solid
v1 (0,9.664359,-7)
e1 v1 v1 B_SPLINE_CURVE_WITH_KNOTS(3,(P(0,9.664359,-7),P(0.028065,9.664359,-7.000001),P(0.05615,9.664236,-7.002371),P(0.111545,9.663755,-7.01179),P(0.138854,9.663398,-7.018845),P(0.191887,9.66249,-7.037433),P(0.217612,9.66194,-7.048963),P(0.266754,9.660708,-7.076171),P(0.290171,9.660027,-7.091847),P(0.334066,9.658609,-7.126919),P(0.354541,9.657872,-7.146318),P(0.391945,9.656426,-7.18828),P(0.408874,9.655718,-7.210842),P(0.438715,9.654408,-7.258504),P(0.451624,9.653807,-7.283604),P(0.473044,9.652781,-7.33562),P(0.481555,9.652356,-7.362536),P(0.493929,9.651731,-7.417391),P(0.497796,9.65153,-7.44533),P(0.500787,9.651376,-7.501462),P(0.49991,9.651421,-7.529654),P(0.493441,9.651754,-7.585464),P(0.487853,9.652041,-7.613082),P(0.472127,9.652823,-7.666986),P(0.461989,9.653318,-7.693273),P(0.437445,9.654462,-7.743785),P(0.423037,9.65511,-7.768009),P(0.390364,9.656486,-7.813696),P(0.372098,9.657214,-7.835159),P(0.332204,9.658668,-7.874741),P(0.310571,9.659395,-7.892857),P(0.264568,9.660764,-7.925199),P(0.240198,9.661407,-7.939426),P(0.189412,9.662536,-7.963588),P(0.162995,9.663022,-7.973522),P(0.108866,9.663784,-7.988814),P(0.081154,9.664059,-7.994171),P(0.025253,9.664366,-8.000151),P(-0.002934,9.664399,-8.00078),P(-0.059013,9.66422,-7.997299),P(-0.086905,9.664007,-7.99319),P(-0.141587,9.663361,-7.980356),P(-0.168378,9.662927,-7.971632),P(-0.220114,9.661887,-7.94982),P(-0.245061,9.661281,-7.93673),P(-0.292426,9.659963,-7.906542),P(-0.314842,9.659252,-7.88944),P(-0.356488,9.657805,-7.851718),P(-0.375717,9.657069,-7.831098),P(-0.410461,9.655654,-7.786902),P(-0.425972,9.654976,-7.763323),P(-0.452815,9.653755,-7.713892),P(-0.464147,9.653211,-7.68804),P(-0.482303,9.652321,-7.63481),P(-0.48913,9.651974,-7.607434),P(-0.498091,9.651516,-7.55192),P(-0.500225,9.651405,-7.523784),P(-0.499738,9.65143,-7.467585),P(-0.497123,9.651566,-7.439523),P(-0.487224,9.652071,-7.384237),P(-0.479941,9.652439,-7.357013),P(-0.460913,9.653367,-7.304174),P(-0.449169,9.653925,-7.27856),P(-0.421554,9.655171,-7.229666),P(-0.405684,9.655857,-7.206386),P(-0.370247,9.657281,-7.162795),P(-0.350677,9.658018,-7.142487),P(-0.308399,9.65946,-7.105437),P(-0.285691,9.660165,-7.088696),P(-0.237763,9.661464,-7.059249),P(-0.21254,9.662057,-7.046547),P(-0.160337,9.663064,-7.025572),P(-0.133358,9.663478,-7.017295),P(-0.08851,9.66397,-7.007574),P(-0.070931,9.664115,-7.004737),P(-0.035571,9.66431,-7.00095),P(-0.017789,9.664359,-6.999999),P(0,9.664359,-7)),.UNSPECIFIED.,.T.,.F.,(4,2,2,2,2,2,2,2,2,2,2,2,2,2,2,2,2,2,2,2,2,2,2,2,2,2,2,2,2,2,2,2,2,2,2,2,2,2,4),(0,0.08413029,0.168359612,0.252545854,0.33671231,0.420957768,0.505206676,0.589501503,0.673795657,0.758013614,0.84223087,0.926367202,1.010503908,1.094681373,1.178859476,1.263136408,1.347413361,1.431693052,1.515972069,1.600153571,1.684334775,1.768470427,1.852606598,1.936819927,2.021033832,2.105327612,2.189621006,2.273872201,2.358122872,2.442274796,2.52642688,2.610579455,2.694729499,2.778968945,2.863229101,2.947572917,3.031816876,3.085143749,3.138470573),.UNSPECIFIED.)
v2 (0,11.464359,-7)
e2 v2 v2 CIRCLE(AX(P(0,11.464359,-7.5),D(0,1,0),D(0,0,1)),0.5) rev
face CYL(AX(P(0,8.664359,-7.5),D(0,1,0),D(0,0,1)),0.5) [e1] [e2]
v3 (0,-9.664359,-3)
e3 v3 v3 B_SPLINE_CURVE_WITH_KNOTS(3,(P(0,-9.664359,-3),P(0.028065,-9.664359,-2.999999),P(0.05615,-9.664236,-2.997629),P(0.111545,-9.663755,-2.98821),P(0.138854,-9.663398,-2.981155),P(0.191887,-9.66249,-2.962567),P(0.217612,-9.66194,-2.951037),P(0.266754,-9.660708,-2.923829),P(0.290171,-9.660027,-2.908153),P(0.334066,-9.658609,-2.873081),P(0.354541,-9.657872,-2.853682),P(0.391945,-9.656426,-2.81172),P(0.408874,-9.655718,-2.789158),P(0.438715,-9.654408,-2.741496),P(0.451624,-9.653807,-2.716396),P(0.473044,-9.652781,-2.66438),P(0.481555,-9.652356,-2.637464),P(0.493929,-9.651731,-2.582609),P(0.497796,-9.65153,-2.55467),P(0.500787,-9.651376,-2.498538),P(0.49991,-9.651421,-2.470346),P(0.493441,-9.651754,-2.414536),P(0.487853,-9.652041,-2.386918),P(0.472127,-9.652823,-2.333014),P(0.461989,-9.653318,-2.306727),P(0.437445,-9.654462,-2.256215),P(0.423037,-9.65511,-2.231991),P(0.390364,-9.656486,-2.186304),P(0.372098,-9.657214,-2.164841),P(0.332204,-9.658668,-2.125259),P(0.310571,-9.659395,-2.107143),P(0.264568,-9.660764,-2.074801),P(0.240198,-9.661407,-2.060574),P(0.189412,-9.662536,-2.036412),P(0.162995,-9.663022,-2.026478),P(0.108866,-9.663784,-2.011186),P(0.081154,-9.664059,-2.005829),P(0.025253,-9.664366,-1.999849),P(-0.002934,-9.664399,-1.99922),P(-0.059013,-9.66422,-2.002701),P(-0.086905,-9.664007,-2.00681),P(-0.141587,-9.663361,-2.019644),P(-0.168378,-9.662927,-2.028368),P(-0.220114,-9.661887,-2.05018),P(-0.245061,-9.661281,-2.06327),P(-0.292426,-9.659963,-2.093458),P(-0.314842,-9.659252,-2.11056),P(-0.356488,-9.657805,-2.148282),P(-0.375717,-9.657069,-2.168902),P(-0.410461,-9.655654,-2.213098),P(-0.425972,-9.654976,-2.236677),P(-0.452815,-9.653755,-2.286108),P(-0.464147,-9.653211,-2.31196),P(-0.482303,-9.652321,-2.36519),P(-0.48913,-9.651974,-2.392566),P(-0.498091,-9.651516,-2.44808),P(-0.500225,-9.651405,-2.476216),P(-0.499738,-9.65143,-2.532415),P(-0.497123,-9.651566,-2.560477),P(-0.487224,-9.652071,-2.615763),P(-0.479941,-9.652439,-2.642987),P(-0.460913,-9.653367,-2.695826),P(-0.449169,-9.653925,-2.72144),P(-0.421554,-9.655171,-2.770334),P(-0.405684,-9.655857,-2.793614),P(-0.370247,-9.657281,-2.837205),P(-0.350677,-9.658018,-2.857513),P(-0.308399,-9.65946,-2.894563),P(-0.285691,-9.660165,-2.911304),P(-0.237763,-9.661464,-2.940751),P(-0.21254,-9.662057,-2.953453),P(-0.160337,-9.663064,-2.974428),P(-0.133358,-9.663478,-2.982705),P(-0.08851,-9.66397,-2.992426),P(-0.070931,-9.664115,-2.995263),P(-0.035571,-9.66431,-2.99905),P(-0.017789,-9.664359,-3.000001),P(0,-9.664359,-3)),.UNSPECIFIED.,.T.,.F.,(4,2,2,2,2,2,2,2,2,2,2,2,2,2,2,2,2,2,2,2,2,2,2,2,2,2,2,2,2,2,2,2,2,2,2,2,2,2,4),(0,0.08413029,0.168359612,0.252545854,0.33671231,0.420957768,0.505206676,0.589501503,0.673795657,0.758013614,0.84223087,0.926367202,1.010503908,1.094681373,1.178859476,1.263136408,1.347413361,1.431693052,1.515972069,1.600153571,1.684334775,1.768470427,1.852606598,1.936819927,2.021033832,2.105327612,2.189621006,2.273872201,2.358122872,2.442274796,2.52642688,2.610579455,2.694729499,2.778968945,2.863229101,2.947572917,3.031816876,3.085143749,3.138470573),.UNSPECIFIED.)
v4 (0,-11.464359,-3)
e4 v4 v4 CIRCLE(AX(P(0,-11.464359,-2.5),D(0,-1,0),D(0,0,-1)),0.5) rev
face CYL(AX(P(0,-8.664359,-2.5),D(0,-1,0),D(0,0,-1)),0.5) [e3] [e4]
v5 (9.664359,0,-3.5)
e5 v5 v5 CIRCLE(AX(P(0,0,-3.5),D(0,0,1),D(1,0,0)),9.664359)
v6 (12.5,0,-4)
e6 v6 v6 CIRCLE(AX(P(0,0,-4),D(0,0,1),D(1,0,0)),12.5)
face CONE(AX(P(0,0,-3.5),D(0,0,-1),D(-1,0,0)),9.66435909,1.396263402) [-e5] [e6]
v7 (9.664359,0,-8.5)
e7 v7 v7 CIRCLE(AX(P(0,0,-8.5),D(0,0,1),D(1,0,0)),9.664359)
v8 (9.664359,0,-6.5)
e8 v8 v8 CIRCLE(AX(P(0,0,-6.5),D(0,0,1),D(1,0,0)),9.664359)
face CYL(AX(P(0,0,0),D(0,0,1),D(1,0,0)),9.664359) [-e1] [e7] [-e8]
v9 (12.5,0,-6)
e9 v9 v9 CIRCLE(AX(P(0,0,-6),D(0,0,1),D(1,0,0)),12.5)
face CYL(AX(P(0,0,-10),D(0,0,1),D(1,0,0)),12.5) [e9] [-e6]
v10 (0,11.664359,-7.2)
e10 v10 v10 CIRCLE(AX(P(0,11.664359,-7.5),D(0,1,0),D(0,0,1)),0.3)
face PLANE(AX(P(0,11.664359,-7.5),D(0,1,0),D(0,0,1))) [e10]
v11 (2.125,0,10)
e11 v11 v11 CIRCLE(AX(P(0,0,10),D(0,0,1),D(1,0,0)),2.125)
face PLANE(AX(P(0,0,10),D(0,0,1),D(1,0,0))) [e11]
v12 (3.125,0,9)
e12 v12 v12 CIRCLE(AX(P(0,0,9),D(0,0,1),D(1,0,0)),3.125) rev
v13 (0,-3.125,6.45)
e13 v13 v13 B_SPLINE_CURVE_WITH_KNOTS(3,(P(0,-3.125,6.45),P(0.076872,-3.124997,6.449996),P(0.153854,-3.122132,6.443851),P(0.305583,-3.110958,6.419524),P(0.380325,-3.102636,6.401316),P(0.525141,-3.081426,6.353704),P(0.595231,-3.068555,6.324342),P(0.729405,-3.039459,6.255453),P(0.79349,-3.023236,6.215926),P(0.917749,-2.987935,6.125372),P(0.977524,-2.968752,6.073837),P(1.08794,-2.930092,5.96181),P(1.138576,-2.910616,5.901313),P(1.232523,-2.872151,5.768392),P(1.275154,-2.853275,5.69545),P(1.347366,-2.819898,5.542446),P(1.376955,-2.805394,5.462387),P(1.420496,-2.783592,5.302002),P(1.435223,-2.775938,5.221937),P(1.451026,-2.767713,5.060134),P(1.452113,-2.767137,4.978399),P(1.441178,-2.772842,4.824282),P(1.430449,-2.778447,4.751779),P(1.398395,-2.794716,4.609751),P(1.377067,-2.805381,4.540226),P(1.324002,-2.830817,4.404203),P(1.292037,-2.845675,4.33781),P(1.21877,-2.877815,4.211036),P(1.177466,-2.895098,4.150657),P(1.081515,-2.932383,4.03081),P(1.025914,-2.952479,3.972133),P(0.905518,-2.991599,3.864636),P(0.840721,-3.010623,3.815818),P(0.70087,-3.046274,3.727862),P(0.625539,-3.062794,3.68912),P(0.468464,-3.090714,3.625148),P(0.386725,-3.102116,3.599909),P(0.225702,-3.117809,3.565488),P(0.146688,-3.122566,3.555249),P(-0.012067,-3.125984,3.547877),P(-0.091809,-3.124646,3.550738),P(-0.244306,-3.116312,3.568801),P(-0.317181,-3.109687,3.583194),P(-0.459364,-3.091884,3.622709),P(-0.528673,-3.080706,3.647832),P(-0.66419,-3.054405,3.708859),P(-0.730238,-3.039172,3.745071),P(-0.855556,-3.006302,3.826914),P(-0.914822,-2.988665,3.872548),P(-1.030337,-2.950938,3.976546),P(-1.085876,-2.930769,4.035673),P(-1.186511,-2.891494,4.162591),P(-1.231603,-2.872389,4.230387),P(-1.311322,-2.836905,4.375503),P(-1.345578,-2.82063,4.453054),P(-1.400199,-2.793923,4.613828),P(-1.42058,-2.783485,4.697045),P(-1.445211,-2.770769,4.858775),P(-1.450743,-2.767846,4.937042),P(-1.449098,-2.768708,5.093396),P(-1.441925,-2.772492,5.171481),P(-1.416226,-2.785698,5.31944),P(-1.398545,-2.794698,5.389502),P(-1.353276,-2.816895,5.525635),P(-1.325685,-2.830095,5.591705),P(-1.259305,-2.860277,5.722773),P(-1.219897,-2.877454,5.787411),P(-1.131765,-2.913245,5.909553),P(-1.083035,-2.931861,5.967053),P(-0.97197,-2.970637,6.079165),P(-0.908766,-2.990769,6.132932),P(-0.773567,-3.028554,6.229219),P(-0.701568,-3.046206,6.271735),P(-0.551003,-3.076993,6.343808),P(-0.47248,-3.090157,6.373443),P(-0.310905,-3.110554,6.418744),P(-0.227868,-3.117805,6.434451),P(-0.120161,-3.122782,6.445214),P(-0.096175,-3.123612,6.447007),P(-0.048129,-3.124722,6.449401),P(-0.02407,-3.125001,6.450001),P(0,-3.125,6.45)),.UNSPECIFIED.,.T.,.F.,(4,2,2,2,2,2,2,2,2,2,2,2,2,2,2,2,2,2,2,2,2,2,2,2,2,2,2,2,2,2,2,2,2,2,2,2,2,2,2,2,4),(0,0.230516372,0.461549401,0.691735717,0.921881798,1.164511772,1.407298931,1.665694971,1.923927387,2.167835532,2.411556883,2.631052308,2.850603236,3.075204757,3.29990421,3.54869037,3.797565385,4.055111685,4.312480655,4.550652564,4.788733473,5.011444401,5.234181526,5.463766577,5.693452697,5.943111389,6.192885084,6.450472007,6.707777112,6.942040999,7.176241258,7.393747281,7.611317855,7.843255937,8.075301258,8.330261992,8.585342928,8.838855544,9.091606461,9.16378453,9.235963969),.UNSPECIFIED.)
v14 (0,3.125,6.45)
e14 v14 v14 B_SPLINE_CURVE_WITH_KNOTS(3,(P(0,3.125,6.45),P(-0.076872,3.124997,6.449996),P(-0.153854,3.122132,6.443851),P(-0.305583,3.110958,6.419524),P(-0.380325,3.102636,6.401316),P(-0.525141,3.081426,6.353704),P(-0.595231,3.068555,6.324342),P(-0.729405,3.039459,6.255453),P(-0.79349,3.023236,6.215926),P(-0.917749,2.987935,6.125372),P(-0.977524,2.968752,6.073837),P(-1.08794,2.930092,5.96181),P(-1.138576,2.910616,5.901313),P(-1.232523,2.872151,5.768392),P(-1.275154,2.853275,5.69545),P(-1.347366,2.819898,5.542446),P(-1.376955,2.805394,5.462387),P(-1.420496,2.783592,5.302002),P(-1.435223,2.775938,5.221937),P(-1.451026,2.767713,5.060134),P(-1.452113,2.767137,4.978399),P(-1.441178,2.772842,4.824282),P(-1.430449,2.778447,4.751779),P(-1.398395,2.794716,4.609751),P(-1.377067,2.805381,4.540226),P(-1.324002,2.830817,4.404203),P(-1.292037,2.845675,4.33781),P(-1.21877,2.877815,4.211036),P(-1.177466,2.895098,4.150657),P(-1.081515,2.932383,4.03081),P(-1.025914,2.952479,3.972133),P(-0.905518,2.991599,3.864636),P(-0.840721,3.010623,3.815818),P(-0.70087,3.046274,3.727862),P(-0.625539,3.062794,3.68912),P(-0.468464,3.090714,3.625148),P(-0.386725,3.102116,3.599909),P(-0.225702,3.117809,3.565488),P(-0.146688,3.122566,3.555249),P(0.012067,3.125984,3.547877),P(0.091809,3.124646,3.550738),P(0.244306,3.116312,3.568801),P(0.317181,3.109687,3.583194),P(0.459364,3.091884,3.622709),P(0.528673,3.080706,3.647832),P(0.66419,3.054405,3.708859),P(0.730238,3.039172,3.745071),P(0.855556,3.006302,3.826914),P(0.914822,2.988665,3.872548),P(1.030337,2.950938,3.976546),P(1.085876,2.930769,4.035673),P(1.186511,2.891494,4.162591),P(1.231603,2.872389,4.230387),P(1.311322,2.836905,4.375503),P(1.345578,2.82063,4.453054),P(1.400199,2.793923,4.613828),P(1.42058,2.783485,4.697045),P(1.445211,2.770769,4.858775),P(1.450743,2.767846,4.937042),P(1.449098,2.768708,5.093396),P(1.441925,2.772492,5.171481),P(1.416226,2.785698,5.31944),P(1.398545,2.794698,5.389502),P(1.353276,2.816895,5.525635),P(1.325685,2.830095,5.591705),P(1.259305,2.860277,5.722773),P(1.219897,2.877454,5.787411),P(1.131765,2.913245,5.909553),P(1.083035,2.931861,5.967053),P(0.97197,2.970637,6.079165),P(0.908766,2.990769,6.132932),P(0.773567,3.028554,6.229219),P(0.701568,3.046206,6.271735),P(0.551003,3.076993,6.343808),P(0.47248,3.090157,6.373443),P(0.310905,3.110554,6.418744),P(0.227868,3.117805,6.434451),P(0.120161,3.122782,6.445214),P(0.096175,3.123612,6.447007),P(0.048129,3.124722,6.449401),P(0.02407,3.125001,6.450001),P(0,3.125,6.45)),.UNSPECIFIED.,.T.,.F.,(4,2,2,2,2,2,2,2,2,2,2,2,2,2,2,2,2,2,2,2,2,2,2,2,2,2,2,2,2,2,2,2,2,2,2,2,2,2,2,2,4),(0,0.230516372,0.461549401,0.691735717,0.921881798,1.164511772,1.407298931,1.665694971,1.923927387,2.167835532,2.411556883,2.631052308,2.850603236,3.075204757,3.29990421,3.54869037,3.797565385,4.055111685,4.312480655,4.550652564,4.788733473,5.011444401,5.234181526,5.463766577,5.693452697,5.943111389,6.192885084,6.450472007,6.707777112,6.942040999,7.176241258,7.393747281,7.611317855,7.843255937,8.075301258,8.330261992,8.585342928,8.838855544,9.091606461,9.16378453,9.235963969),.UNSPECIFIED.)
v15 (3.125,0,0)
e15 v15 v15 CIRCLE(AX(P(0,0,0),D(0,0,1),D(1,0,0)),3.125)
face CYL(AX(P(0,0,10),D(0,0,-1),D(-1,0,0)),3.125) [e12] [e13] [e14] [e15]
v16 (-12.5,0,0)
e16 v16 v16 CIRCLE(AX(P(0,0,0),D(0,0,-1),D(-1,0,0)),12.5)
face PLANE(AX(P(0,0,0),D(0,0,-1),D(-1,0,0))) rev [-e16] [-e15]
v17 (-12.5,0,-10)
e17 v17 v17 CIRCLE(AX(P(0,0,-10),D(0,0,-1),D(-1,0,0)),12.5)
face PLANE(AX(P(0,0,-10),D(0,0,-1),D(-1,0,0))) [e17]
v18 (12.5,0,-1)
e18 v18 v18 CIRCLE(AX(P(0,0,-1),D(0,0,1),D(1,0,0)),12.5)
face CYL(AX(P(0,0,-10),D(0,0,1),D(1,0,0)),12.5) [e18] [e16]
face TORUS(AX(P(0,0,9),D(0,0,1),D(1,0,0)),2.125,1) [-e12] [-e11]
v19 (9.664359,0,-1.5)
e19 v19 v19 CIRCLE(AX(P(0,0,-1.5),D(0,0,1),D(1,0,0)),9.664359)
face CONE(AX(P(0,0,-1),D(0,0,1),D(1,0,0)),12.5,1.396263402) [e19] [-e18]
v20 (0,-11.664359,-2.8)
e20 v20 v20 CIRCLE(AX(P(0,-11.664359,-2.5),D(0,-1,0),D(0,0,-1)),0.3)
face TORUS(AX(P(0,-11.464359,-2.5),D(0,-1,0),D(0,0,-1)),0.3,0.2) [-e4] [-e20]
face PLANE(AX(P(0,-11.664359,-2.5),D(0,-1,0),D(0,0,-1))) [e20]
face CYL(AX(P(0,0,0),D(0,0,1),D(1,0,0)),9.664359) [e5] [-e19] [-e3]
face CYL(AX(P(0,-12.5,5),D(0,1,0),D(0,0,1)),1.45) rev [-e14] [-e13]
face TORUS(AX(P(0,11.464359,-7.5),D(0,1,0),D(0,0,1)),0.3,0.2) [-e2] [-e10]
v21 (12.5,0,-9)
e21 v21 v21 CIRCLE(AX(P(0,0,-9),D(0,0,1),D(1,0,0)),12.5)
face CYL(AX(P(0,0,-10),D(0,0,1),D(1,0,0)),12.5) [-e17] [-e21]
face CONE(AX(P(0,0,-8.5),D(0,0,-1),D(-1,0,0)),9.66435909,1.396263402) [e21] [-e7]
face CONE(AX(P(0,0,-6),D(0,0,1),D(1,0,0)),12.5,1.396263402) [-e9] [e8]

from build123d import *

# Parameters (mm, degrees)
ESQUISSE1_R                  = 3.125
BOSS_EXTRU_1_DEPTH           = 10
CONG_1_R                     = 1
ESQUISSE2_R                  = 12.5
BOSS_EXTRU_3_DEPTH           = 10
ENL_V_MAT_EXTRU_1_DEPTH      = 21.310096012
ENL_V_MAT_EXTRU_1_DEPTH_BACK = 21.310096012
ESQUISSE6_R                  = 1.45
BOSS_EXTRU_4_DEPTH           = 2
BOSS_EXTRU_4_DEPTH_BACK      = 1
ESQUISSE7_R                  = 0.5
BOSS_EXTRU_5_DEPTH           = 2
BOSS_EXTRU_5_DEPTH_BACK      = 1
ESQUISSE8_R                  = 0.5
CONG_2_R                     = 0.2


with BuildPart() as part:
    # Esquisse1 → Boss.-Extru.1 (new body)
    with BuildSketch(Plane.XY):
        Circle(ESQUISSE1_R)
    extrude(amount=BOSS_EXTRU_1_DEPTH)

    # Congé1
    cong_1_edges = [part.edges().sort_by_distance(p)[0] for p in [
        (-3.125, 0, 10),
    ]]
    fillet(cong_1_edges, radius=CONG_1_R)

    # Esquisse2 → Boss.-Extru.3 (add)
    with BuildSketch(Plane(origin=(0, 0, 0), x_dir=(-1, 0, 0), z_dir=(0, 0, -1))):
        Circle(ESQUISSE2_R)
    extrude(amount=BOSS_EXTRU_3_DEPTH)

    # Esquisse5 → Enlèvement de matière-Révolution1 (revolve, cut)
    with BuildSketch(Plane(origin=(0, 0, 0), x_dir=(0, 0, -1), z_dir=(1, 0, 0)), mode=Mode.PRIVATE) as enl_vement_de_mati_re_r_volution1_sk:
        Polygon((1, 12.5), (1.5, 9.66435909), (3.5, 9.66435909), (4, 12.5), align=None)
        Polygon((6, 12.5), (9, 12.5), (8.5, 9.66435909), (6.5, 9.66435909), align=None)
    revolve(enl_vement_de_mati_re_r_volution1_sk.sketch.rotate(Axis((0, 0, 0), (0, 0, -1)), 90), axis=Axis((0, 0, 0), (0, 0, -1)), mode=Mode.SUBTRACT)

    # Esquisse6 → Enlèv. mat.-Extru.1 (cut, two sides: drawn at the far end of the back side and taken through both)
    with BuildSketch(Plane(origin=(0, 0, 0), x_dir=(1, 0, 0), z_dir=(0, 1, 0)).offset(-ENL_V_MAT_EXTRU_1_DEPTH_BACK)):
        with Locations(Location((0, -5, 0), (0, 0, 270))):
            Circle(ESQUISSE6_R)
    extrude(amount=ENL_V_MAT_EXTRU_1_DEPTH + ENL_V_MAT_EXTRU_1_DEPTH_BACK, mode=Mode.SUBTRACT)

    # Esquisse7 → Boss.-Extru.4 (add, two sides: drawn at the far end of the back side and taken through both)
    with BuildSketch(Plane(origin=(0, 9.66435909, 0), x_dir=(1, 0, 0), z_dir=(0, 1, 0)).offset(-BOSS_EXTRU_4_DEPTH_BACK)):
        with Locations(Location((0, 7.5, 0), (0, 0, 270))):
            Circle(ESQUISSE7_R)
    extrude(amount=BOSS_EXTRU_4_DEPTH + BOSS_EXTRU_4_DEPTH_BACK)

    # Esquisse8 → Boss.-Extru.5 (add, two sides: drawn at the far end of the back side and taken through both)
    with BuildSketch(Plane(origin=(0, -9.66435909, 0), x_dir=(-1, 0, 0), z_dir=(0, -1, 0)).offset(-BOSS_EXTRU_5_DEPTH_BACK)):
        with Locations(Location((0, 2.5, 0), (0, 0, 90))):
            Circle(ESQUISSE8_R)
    extrude(amount=BOSS_EXTRU_5_DEPTH + BOSS_EXTRU_5_DEPTH_BACK)

    # Congé2
    cong_2_edges = [part.edges().sort_by_distance(p)[0] for p in [
        (0, 11.66435909, -8),
        (0, -11.66435909, -2),
    ]]
    fillet(cong_2_edges, radius=CONG_2_R)


solid = part.part
